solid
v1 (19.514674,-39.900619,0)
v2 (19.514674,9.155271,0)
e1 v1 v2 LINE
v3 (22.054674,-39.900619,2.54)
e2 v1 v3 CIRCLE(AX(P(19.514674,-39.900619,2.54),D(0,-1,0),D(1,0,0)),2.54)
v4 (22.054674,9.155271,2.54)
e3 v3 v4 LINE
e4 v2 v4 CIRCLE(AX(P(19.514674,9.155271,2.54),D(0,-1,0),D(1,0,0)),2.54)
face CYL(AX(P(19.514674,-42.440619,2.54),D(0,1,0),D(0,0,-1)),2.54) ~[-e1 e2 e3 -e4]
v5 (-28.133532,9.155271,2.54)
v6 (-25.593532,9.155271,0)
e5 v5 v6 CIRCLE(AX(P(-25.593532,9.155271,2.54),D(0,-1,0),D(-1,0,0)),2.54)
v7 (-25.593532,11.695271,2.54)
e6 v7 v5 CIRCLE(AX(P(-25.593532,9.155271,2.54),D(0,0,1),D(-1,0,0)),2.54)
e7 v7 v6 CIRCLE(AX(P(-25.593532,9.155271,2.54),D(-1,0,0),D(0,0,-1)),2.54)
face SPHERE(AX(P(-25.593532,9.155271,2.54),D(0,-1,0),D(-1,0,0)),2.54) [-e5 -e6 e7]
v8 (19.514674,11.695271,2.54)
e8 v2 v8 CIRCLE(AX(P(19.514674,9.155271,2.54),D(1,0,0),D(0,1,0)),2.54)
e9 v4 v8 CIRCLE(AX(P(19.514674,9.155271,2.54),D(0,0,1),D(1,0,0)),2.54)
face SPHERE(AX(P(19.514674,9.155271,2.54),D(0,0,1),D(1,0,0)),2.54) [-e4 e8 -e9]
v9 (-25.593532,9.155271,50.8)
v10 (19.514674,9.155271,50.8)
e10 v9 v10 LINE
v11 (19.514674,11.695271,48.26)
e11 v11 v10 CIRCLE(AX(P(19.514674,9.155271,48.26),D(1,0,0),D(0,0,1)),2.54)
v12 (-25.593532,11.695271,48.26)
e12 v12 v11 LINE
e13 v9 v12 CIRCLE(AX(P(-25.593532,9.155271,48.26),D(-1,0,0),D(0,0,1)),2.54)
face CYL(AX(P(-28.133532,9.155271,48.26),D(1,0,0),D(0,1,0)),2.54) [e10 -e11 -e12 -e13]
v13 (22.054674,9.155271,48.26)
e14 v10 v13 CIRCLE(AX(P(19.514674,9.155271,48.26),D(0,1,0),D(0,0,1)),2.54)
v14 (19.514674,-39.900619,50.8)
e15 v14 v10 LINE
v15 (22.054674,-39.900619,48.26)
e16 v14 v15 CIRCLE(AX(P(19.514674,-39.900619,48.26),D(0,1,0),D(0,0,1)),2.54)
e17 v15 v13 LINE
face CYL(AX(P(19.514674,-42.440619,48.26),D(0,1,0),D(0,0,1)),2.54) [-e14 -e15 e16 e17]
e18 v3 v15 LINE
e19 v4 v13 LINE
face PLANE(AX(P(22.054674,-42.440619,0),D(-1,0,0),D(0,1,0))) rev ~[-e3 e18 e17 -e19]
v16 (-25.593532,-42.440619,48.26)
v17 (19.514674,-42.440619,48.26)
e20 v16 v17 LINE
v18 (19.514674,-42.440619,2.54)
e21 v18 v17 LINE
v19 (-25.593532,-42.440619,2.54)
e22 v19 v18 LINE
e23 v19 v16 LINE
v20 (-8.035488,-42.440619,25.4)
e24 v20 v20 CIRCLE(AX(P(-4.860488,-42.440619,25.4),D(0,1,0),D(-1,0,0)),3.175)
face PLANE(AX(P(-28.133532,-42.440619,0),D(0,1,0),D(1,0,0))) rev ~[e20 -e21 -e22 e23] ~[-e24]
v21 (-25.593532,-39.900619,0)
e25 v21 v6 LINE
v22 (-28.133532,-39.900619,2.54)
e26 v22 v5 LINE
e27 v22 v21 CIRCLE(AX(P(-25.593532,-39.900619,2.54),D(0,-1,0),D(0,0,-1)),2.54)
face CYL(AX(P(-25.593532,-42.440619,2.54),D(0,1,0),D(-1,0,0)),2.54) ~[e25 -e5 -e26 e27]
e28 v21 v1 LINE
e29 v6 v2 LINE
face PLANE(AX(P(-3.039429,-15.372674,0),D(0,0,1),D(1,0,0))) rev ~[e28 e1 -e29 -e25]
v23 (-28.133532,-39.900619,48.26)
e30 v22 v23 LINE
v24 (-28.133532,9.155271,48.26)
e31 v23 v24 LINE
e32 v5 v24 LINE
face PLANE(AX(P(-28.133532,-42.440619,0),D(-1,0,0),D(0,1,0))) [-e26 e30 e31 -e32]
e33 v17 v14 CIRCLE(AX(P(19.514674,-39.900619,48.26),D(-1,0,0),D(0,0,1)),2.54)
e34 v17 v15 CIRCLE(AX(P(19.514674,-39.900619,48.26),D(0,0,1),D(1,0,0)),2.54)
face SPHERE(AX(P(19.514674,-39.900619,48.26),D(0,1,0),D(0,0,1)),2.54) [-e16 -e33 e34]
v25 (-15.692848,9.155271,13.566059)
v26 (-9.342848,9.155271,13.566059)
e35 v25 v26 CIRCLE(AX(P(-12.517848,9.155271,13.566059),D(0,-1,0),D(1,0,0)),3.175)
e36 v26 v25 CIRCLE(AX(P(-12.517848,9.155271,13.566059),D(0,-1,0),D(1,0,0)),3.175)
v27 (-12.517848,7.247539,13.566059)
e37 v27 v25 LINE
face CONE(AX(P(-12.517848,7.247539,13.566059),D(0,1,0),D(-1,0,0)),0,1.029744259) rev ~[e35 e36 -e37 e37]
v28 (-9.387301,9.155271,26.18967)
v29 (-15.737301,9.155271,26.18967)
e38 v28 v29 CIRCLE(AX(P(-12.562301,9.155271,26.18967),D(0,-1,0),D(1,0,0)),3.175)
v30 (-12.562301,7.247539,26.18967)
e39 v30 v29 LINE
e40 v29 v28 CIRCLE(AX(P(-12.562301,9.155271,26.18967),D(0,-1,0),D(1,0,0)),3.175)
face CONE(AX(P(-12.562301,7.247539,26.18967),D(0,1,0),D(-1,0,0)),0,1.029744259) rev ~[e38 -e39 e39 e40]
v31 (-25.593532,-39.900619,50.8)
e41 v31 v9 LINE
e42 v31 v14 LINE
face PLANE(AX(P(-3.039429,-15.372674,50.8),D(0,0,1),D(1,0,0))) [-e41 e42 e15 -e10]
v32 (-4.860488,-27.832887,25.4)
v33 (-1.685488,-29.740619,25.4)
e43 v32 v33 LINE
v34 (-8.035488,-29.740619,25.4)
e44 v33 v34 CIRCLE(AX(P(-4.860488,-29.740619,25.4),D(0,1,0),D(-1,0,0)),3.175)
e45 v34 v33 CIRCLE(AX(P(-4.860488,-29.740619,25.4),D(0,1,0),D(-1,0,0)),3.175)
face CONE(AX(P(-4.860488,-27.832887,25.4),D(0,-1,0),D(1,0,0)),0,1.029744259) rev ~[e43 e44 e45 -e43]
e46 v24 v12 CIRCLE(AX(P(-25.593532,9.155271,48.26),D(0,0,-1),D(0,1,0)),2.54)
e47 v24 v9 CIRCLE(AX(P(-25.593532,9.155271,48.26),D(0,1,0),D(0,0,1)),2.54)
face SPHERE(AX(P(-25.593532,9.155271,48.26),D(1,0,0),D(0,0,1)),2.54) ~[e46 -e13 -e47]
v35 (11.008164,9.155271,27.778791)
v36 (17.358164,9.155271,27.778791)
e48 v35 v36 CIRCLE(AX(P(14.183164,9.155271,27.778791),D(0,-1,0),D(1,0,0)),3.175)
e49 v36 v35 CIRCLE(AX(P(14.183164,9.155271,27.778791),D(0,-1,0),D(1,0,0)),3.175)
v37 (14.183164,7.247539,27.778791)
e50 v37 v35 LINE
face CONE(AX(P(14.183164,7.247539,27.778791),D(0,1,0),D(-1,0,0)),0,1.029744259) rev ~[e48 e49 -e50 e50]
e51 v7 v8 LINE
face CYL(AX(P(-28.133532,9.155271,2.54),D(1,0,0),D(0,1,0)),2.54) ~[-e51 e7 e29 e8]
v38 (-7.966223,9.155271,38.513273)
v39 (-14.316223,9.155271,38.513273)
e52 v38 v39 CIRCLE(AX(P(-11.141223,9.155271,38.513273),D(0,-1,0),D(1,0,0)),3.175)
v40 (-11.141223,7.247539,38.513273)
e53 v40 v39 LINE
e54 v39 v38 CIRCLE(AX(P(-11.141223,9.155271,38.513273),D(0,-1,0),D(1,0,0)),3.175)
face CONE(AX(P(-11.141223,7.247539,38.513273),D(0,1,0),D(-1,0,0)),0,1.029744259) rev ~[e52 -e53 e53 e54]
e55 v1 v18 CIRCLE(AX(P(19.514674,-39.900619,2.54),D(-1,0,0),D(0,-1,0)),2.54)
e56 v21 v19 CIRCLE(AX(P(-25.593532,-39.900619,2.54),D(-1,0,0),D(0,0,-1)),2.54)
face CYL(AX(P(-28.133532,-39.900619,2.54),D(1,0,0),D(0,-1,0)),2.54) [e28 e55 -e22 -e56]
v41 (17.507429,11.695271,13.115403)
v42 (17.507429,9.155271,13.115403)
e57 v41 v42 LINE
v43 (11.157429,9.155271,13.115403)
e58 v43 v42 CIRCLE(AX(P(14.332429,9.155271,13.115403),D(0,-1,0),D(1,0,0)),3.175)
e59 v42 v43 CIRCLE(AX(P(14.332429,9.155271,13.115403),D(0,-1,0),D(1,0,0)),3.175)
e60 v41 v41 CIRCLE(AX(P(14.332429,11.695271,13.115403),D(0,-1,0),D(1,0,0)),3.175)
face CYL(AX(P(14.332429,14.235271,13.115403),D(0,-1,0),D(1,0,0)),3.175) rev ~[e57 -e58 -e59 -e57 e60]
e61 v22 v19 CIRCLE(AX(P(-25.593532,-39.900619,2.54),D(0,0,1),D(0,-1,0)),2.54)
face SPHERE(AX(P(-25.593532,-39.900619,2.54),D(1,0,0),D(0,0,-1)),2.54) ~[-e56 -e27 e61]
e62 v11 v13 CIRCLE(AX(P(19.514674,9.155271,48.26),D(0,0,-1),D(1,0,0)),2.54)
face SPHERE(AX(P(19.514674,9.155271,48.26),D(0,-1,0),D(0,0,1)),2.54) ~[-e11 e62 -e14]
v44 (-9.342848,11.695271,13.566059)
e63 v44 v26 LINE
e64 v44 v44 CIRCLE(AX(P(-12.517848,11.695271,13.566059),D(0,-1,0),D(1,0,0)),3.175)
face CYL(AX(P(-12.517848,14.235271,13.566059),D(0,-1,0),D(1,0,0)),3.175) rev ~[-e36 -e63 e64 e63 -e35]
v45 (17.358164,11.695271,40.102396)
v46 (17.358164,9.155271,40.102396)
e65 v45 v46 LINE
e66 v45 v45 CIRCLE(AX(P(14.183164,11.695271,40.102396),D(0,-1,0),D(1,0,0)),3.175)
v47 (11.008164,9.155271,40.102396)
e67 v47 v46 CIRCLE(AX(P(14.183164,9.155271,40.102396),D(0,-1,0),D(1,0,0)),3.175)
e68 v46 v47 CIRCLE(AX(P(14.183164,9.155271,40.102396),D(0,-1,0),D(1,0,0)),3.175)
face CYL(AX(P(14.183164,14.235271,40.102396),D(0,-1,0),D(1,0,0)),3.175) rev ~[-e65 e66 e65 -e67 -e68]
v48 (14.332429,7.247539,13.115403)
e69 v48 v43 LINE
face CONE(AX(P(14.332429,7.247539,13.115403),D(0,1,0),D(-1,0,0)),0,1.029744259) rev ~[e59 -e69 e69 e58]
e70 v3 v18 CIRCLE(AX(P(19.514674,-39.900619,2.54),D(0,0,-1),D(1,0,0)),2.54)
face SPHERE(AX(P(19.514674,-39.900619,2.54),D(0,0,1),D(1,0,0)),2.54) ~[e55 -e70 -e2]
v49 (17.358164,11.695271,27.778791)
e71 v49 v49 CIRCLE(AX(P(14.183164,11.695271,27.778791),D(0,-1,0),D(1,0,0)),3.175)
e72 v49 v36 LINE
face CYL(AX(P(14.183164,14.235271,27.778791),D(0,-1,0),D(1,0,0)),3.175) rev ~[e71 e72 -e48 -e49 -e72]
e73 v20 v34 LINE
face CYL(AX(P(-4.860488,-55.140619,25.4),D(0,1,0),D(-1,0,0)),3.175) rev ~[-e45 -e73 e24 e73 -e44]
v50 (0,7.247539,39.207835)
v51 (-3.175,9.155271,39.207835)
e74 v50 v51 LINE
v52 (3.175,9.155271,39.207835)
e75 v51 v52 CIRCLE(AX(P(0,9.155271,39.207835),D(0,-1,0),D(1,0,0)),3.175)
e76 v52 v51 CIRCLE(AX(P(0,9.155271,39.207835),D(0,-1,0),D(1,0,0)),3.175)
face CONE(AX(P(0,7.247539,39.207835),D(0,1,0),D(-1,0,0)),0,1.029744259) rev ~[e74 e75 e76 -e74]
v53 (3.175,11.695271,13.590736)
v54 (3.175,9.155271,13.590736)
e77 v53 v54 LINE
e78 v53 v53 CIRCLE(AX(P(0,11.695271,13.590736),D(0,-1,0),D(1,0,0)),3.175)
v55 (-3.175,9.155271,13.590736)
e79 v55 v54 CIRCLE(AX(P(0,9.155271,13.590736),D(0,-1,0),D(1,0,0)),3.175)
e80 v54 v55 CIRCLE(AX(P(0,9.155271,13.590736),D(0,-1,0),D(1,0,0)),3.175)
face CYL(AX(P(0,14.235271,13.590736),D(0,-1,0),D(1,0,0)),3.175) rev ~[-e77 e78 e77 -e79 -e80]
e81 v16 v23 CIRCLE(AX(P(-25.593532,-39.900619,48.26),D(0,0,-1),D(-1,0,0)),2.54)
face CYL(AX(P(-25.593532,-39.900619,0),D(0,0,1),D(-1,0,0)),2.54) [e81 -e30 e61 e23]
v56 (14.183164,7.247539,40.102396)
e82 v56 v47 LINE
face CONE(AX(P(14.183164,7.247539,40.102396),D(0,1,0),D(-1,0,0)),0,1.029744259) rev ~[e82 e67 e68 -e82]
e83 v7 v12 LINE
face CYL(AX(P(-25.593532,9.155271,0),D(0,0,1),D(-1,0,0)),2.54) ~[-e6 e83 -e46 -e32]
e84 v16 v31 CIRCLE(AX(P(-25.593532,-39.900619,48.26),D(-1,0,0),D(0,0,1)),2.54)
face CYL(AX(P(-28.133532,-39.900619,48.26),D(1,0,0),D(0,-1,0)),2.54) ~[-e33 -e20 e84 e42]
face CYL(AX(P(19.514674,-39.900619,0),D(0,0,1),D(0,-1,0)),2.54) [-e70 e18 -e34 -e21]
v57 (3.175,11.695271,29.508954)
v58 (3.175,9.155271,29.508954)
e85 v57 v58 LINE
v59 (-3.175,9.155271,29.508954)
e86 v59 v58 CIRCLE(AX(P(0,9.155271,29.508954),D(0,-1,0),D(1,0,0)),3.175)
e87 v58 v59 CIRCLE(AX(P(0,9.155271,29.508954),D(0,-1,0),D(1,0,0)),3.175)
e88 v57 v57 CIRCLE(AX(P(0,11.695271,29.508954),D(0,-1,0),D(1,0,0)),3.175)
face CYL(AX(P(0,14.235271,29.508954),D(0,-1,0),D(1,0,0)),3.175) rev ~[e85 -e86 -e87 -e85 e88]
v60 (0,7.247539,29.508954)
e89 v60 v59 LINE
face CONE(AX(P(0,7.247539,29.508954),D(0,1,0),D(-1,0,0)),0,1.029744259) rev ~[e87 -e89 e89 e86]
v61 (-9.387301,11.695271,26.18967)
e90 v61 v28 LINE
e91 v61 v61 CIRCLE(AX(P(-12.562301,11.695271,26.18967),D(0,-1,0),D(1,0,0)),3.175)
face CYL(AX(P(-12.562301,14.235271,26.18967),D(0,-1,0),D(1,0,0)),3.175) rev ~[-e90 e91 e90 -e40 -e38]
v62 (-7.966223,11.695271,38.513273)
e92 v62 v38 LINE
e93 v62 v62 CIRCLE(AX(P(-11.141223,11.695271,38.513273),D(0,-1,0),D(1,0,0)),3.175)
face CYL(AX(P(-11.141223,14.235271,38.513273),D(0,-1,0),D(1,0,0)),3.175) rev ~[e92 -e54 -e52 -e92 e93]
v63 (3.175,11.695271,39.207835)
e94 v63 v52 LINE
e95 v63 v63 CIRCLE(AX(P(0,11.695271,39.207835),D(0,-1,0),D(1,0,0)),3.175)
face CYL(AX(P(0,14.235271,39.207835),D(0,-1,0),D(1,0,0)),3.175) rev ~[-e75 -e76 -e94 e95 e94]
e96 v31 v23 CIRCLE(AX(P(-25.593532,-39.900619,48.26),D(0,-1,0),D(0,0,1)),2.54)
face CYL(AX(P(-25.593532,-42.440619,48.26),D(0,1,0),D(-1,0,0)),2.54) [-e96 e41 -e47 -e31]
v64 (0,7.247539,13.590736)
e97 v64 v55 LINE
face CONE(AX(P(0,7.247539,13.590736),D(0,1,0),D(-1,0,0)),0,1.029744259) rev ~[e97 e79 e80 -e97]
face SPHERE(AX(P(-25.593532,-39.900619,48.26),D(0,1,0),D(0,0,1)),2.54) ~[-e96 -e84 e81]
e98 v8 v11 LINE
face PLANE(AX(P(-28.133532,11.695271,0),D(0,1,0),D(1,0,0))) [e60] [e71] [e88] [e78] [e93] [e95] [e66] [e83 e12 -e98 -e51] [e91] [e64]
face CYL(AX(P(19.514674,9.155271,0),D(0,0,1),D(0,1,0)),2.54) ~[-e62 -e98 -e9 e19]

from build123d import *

# Parameters (mm, degrees)
F0_W     = 50.1882061362
F0_H     = 54.1358906776
F1_DEPTH = 50.8
F3_D     = 6.35
F3_DEPTH = 12.7
F3_TIP   = 1.9077324654
F5_D     = 6.35
F5_DEPTH = 2.54
F5_TIP   = 1.9077324654
F6_R     = 2.54


with BuildPart() as f1:
    # F0 (on Top) → F1 (new body)
    with BuildSketch(Plane.XY):
        with Locations((-3.0394289643, -15.3726739809)):
            Rectangle(F0_W, F0_H)
    extrude(amount=F1_DEPTH)

    # F3
    with Locations(Plane.XZ.offset(42.4406193197)):
        with Locations((-4.8604877666, 25.4)):
            Hole(F3_D / 2, depth=F3_DEPTH)
            with Locations((0, 0, -(F3_DEPTH + F3_TIP / 2))):  # 118° drill point
                Cone(0, F3_D / 2, F3_TIP, mode=Mode.SUBTRACT)

    # F5
    with Locations(Plane(origin=(0, 11.6952713579, 0), x_dir=(-1, 0, 0), z_dir=(0, 1, 0))):
        with Locations((12.5178480521, 13.5660590604), (0, 13.5907363147), (-14.3324285746, 13.1154032424), (-14.1831636429, 27.7787912637), (0, 29.508953914), (12.5623010099, 26.1896699667), (11.1412229016, 38.5132730007), (0, 39.2078347504), (-14.1831636429, 40.1023961604)):
            Hole(F5_D / 2, depth=F5_DEPTH)
            with Locations((0, 0, -(F5_DEPTH + F5_TIP / 2))):  # 118° drill point
                Cone(0, F5_D / 2, F5_TIP, mode=Mode.SUBTRACT)

    # F6
    f6_edges = [f1.edges().sort_by_distance(p)[0] for p in [
        (22.054674, -15.372674, 50.8),
        (-3.039429, 11.695271, 50.8),
        (-28.133532, -15.372674, 50.8),
        (-3.039429, -42.440619, 50.8),
        (22.054674, 11.695271, 25.4),
        (22.054674, -42.440619, 25.4),
        (22.054674, -15.372674, 0),
        (-3.039429, -42.440619, 0),
        (-28.133532, -15.372674, 0),
        (-28.133532, 11.695271, 25.4),
        (-3.039429, 11.695271, 0),
        (-28.133532, -42.440619, 25.4),
    ]]
    fillet(f6_edges, radius=F6_R)


solid = f1.part
